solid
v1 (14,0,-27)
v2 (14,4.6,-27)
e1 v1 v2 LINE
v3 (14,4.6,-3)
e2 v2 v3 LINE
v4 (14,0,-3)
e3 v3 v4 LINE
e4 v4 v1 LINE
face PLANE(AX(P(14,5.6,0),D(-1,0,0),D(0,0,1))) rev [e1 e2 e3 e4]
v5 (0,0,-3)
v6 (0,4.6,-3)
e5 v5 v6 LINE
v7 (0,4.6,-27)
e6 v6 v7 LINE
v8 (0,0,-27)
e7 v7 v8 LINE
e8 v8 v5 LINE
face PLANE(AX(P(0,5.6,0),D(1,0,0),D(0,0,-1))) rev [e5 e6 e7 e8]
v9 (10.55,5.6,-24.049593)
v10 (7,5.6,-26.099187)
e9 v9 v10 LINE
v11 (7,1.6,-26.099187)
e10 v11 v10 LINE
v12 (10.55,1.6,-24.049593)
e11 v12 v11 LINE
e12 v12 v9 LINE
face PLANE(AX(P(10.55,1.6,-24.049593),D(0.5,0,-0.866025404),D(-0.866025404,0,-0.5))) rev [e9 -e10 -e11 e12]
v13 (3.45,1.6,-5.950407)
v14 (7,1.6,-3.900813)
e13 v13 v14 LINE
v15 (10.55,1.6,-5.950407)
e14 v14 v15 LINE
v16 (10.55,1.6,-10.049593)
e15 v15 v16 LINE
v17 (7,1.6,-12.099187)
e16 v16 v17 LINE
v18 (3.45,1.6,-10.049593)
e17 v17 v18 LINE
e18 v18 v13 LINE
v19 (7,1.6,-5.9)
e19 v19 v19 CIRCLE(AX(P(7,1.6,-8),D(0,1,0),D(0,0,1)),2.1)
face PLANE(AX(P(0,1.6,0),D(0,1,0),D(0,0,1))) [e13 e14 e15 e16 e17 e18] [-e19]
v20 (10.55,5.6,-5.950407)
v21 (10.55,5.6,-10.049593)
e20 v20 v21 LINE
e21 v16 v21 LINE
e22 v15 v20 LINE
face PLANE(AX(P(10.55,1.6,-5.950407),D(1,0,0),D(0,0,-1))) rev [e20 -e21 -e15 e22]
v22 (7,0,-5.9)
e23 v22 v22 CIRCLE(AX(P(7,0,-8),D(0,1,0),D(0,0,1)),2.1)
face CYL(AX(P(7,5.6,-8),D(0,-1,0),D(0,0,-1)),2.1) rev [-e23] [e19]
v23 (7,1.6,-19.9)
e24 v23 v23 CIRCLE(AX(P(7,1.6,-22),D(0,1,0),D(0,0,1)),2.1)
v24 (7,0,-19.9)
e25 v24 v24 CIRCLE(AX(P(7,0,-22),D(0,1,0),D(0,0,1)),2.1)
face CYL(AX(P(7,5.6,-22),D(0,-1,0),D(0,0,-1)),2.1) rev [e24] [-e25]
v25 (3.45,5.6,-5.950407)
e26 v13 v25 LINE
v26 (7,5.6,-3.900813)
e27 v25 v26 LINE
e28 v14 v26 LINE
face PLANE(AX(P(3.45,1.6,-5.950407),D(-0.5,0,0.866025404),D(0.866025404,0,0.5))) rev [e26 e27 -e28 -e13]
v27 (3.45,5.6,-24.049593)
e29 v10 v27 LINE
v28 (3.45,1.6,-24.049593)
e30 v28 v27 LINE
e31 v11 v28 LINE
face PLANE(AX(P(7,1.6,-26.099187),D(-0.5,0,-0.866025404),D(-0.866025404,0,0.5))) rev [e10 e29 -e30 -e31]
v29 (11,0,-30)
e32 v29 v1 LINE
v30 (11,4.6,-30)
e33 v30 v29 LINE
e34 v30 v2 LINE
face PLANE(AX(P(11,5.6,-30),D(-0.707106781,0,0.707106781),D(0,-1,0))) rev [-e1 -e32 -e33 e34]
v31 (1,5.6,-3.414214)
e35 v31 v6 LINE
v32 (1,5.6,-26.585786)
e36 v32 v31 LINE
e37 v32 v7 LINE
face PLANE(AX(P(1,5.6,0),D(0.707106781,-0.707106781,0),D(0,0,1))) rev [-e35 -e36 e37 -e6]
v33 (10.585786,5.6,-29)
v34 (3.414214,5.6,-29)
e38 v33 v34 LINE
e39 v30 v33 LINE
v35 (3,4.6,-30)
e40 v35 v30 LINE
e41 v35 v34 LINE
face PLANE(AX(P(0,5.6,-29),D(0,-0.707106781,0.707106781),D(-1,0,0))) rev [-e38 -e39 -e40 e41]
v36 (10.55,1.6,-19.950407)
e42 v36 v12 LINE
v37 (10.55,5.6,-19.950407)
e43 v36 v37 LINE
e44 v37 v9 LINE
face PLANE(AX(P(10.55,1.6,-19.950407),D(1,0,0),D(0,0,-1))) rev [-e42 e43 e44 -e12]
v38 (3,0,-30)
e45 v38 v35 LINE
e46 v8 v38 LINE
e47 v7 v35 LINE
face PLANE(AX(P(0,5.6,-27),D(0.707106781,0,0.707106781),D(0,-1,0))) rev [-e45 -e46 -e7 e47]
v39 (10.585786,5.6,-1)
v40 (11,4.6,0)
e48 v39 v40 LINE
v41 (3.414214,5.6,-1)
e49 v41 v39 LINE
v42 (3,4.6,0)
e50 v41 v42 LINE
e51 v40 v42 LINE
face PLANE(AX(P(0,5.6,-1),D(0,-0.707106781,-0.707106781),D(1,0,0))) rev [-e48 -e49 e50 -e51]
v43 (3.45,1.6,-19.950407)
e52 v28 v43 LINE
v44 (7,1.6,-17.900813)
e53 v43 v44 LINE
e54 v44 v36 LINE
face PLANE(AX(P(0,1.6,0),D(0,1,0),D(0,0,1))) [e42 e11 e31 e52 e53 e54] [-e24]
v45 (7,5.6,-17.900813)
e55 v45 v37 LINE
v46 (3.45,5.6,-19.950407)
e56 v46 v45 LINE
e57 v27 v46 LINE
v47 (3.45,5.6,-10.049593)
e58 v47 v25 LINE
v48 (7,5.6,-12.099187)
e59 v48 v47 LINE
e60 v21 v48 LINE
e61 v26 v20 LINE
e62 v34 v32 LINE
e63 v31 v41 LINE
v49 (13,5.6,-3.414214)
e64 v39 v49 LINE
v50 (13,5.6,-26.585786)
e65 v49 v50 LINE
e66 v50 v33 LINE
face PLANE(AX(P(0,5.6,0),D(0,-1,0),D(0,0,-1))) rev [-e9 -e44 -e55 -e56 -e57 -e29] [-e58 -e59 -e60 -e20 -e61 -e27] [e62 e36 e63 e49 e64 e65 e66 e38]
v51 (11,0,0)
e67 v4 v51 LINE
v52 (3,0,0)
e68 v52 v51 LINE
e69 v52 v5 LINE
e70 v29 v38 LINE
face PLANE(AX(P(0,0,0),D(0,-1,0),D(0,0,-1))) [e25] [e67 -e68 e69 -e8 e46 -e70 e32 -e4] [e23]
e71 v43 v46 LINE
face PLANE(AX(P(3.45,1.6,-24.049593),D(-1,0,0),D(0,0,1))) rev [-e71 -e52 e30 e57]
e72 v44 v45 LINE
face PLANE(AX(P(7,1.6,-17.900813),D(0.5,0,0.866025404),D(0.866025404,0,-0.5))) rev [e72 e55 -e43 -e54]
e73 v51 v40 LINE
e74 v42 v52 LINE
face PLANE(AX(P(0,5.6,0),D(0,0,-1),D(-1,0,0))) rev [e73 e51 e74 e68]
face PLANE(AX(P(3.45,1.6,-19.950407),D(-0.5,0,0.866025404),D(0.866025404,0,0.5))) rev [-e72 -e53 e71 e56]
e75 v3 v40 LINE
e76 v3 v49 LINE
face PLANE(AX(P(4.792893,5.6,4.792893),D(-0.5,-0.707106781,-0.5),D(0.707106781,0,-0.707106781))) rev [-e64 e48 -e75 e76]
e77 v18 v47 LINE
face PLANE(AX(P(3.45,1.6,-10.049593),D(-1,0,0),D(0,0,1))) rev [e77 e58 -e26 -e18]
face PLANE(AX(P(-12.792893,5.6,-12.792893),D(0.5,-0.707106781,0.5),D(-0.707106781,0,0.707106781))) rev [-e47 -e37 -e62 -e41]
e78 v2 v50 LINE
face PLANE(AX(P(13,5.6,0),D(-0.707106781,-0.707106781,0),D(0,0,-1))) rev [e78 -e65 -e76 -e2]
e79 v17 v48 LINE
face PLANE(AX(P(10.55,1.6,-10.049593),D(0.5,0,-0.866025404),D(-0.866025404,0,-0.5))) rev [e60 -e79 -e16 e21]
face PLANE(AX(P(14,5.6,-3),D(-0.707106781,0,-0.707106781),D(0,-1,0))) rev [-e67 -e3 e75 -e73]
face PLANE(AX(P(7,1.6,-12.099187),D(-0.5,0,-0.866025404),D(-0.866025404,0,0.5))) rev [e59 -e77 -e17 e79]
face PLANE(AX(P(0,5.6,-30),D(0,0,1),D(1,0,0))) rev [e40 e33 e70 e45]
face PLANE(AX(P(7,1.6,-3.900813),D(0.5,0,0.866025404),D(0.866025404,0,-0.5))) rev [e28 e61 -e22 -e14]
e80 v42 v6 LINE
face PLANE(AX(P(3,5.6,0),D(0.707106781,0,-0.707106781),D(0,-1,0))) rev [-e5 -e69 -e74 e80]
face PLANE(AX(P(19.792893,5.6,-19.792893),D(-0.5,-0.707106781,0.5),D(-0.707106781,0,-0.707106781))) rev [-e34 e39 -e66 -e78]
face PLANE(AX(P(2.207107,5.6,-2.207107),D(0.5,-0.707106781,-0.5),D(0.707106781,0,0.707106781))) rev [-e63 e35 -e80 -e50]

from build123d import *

# Parameters (mm, degrees)
SKETCH1_W           = 14
SKETCH1_H           = 30
SKETCH1_R           = 2.1
BOSS_EXTRUDE1_DEPTH = 5.6
CUT_EXTRUDE1_DEPTH  = 4
CHAMFER1_SIZE       = 3
CHAMFER2_SIZE       = 1


with BuildPart() as part:
    # Sketch1 → Boss-Extrude1 (new body)
    with BuildSketch(Plane(origin=(0, 0, 0), x_dir=(1, 0, 0), z_dir=(0, 1, 0))):
        with Locations((7, 15)):
            Rectangle(SKETCH1_W, SKETCH1_H)
        with Locations(Location((7, 22, 0), (0, 0, 270))):
            Circle(SKETCH1_R, mode=Mode.SUBTRACT)
        with Locations(Location((7, 8, 0), (0, 0, 270))):
            Circle(SKETCH1_R, mode=Mode.SUBTRACT)
    extrude(amount=BOSS_EXTRUDE1_DEPTH)

    # Sketch2 → Cut-Extrude1 (cut)
    with BuildSketch(Plane(origin=(0, 5.6, 0), x_dir=(1, 0, 0), z_dir=(0, 1, 0))):
        Polygon((10.55, 24.049593456), (7, 26.099186911), (3.45, 24.049593456), (3.45, 19.950406544), (7, 17.900813089), (10.55, 19.950406544), align=None)
        Polygon((10.55, 10.049593456), (7, 12.099186911), (3.45, 10.049593456), (3.45, 5.950406544), (7, 3.900813089), (10.55, 5.950406544), align=None)
    extrude(amount=-CUT_EXTRUDE1_DEPTH, mode=Mode.SUBTRACT)

    # Chamfer1
    chamfer1_edges = [part.edges().sort_by_distance(p)[0] for p in [
        (0, 2.8, -30),
        (14, 2.8, -30),
        (14, 2.8, 0),
        (0, 2.8, 0),
    ]]
    chamfer(chamfer1_edges, length=CHAMFER1_SIZE)

    # Chamfer2
    chamfer2_edges = [part.edges().sort_by_distance(p)[0] for p in [
        (7, 5.6, -30),
        (14, 5.6, -15),
        (0, 5.6, -15),
        (7, 5.6, 0),
        (12.5, 5.6, -1.5),
        (1.5, 5.6, -1.5),
        (1.5, 5.6, -28.5),
        (12.5, 5.6, -28.5),
    ]]
    chamfer(chamfer2_edges, length=CHAMFER2_SIZE)


solid = part.part
